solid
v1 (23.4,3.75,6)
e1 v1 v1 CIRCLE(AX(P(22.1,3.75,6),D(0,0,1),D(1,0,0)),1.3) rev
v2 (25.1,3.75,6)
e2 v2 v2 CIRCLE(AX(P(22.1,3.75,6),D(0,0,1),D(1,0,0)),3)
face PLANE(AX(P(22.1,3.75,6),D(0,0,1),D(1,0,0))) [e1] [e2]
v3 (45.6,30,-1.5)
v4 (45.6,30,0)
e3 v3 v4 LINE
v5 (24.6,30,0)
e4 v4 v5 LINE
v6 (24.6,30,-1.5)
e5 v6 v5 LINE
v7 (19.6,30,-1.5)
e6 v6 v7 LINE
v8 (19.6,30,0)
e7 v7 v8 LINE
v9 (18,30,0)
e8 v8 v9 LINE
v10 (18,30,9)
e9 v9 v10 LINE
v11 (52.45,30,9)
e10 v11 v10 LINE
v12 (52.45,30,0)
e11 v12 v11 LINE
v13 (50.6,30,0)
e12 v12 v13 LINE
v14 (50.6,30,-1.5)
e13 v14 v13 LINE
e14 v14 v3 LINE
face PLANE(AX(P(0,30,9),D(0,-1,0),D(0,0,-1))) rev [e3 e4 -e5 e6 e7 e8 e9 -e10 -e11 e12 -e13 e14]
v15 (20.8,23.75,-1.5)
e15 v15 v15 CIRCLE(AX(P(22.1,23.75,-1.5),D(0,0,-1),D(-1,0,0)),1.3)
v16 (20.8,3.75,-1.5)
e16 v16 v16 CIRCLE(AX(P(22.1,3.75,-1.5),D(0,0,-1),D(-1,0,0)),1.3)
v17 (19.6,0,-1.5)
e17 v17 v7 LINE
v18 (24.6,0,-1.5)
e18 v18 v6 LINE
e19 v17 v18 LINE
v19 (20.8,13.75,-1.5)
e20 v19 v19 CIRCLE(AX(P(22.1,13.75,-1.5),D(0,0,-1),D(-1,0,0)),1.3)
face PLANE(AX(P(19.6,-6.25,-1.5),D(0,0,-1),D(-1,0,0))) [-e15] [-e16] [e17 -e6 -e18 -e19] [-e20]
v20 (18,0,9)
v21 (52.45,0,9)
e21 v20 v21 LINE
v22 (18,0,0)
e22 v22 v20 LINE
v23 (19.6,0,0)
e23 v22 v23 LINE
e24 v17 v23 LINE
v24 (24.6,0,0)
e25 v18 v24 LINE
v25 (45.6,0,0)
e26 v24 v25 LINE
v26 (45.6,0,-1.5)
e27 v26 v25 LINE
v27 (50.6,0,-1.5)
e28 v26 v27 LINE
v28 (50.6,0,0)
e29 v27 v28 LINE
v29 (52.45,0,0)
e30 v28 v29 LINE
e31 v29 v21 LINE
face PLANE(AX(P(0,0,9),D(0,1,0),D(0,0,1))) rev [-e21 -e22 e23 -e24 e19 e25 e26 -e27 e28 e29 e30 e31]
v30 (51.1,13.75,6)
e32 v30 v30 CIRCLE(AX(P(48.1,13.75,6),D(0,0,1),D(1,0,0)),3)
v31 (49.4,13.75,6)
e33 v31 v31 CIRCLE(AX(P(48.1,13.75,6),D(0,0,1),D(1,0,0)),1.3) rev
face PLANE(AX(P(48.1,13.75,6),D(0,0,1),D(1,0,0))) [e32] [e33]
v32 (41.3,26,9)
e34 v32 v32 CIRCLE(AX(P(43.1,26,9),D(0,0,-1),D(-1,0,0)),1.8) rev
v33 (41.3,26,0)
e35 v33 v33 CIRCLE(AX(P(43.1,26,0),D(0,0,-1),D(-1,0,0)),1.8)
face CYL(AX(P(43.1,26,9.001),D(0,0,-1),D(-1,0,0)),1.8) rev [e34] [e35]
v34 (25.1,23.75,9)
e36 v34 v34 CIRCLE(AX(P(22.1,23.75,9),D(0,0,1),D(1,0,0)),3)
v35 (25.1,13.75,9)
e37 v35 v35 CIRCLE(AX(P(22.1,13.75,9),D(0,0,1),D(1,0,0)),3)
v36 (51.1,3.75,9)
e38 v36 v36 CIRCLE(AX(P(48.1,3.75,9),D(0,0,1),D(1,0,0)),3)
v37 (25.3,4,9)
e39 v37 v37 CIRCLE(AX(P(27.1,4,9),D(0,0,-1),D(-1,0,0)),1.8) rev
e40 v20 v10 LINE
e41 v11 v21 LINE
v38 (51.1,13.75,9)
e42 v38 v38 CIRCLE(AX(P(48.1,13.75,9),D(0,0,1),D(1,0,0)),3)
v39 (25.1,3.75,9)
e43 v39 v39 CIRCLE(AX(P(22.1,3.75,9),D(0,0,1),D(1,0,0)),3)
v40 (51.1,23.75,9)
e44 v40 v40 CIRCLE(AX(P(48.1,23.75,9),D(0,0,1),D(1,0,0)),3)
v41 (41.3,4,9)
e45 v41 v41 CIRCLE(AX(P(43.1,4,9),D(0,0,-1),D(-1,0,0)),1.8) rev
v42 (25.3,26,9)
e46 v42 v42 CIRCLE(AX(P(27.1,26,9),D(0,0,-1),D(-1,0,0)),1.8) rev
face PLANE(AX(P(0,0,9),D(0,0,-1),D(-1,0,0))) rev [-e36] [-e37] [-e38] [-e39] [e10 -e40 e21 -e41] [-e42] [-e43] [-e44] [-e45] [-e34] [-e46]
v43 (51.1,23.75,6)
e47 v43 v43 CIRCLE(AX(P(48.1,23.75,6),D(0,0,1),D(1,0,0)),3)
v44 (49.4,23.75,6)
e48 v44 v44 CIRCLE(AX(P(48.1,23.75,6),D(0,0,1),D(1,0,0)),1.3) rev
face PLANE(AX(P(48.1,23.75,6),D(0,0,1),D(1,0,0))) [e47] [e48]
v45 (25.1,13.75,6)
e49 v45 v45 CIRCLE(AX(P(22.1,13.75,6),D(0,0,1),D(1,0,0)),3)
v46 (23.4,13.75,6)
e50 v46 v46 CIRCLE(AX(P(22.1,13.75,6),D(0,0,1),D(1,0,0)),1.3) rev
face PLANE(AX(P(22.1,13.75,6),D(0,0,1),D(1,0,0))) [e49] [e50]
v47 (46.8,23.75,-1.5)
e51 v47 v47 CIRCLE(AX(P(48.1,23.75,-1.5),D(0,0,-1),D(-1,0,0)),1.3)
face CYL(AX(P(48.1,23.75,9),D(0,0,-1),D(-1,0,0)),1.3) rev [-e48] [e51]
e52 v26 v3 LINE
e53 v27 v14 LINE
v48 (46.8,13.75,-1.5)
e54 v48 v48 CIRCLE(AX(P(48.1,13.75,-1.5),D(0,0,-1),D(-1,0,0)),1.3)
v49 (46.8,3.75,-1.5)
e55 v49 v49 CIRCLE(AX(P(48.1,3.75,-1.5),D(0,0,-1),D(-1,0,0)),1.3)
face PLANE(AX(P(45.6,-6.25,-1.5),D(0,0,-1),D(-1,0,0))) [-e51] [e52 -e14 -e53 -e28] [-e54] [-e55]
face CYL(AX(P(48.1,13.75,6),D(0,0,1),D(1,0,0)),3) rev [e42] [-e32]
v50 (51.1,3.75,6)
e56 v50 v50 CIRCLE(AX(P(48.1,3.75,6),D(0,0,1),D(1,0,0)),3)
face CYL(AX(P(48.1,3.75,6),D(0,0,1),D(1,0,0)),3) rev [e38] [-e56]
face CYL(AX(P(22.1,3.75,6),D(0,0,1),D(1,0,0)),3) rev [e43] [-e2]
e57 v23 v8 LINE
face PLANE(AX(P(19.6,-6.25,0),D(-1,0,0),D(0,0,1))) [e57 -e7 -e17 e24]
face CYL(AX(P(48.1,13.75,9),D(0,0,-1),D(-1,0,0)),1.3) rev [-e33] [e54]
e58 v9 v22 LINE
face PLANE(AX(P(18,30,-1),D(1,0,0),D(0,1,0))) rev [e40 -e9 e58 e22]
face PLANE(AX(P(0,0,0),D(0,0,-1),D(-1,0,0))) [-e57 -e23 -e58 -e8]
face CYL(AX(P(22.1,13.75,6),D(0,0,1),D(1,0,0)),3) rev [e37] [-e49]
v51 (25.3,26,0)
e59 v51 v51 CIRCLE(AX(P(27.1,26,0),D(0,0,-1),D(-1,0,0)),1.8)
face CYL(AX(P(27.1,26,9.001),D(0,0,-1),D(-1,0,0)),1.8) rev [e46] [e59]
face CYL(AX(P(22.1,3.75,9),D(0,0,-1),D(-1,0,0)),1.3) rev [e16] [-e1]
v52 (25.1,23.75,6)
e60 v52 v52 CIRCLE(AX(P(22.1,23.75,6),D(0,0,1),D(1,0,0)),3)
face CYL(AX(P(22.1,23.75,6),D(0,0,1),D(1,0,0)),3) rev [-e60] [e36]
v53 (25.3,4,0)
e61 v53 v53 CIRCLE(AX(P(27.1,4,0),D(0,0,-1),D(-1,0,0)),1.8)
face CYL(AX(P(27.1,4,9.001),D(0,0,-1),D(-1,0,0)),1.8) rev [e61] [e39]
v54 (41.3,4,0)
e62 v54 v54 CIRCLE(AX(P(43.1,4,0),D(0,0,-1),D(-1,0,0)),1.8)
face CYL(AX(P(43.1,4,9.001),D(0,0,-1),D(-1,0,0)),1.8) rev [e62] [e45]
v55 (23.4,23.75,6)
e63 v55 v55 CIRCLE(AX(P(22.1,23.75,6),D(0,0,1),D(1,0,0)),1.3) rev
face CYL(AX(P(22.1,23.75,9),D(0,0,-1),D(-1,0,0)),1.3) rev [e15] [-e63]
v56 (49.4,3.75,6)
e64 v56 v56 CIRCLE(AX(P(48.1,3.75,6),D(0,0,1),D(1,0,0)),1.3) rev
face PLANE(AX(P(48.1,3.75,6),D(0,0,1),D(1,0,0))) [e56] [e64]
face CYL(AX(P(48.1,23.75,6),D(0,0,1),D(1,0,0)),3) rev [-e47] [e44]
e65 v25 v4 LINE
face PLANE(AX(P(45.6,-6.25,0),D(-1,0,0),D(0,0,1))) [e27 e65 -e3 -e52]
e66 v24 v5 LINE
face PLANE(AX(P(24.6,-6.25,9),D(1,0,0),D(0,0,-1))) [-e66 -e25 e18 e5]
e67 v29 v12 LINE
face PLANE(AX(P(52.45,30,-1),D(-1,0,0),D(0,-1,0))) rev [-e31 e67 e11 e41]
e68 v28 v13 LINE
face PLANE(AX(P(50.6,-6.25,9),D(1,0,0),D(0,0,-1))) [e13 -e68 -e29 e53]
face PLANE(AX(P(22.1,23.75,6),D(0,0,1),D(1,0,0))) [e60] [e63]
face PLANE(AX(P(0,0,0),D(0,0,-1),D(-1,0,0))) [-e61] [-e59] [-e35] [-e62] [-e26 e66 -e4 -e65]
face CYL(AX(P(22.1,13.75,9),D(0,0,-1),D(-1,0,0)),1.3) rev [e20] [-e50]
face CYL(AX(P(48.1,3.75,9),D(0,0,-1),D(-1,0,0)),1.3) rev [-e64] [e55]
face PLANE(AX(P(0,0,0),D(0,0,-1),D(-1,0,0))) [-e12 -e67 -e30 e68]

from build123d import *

# Parameters (mm, degrees)
SKETCH_1_W           = 70
SKETCH_1_H           = 30
EXTRUDE_1_DEPTH      = 9
SKETCH_2_W           = 112.1
SKETCH_2_H           = 30
EXTRUDE_2_DEPTH      = 8
SKETCH_3_W           = 42.6
SKETCH_3_H           = 30
EXTRUDE_3_DEPTH      = 8
SKETCH_5_W           = 18.5
SKETCH_5_H           = 30
SKETCH_5_R           = 2
EXTRUDE_4_DEPTH      = 5.5
SKETCH_11_R          = 2
CUT_EXTRUDE_4_DEPTH  = 8
SKETCH_12_R          = 1.8
CUT_EXTRUDE_6_DEPTH  = 8
SKETCH_13_R          = 2
CUT_EXTRUDE_7_DEPTH  = 8
SKETCH_14_R          = 2
CUT_EXTRUDE_8_DEPTH  = 10
SKETCH_19_W          = 5
SKETCH_19_H          = 9
EXTRUDE_6_DEPTH      = 36.25
SKETCH_20_W          = 5
SKETCH_20_H          = 6.25
EXTRUDE_7_DEPTH      = 9
SKETCH_21_R          = 1.3
CUT_EXTRUDE_10_DEPTH = 9
SKETCH_25_W          = 5
SKETCH_25_H          = 1.5
EXTRUDE_8_DEPTH      = 42.5
SKETCH_26_R          = 1.3
CUT_EXTRUDE_14_DEPTH = 1.5
SKETCH_27_W          = 5
SKETCH_27_H          = 6.25
CUT_EXTRUDE_15_DEPTH = 11
SKETCH_28_R          = 3
CUT_EXTRUDE_16_DEPTH = 3
SKETCH_29_W          = 8
SKETCH_29_H          = 103.1
SKETCH_29_W_2        = 10.5
SKETCH_29_H_2        = 5.5
CUT_EXTRUDE_17_DEPTH = 30
SKETCH_30_R          = 1.8
CUT_EXTRUDE_18_DEPTH = 10
SKETCH_31_R          = 3.6
CUT_EXTRUDE_19_DEPTH = 3
SKETCH_32_R          = 1.8
CUT_EXTRUDE_20_DEPTH = 10
SKETCH_33_R          = 3.6
CUT_EXTRUDE_21_DEPTH = 3
CUT_EXTRUDE_22_REACH = 86.054
SKETCH_35_R          = 1.8
SKETCH_36_W          = 7.55
SKETCH_36_H          = 30
CUT_EXTRUDE_23_DEPTH = 10
SKETCH_37_W          = 18
SKETCH_37_H          = 30
SKETCH_37_W_2        = 26
CUT_EXTRUDE_24_DEPTH = 10


with BuildPart() as part:
    # 草圖1 → 填料-伸長1 (new body)
    with BuildSketch(Plane.XY):
        with Locations((35, 15)):
            Rectangle(SKETCH_1_W, SKETCH_1_H)
    extrude(amount=EXTRUDE_1_DEPTH)

    # 草圖2 → 填料-伸長2 (add)
    with BuildSketch(Plane.ZY):
        with Locations((-47.05, 15)):
            Rectangle(SKETCH_2_W, SKETCH_2_H)
    extrude(amount=EXTRUDE_2_DEPTH)

    # 草圖3 → 填料-伸長3 (add)
    with BuildSketch(Plane(origin=(70, 0, 0), x_dir=(0, 0, -1), z_dir=(1, 0, 0))):
        with Locations((12.3, 15)):
            Rectangle(SKETCH_3_W, SKETCH_3_H)
    extrude(amount=EXTRUDE_3_DEPTH)

    # 草圖5 → 填料-伸長4 (add)
    with BuildSketch(Plane(origin=(0, 0, -33.6), x_dir=(-1, 0, 0), z_dir=(0, 0, -1))):
        with Locations((-68.75, 15)):
            Rectangle(SKETCH_5_W, SKETCH_5_H)
        with Locations(Location((-65.75, 26, 0), (0, 0, 90))):
            Circle(SKETCH_5_R, mode=Mode.SUBTRACT)
        with Locations(Location((-65.75, 18, 0), (0, 0, 90))):
            Circle(SKETCH_5_R, mode=Mode.SUBTRACT)
        with Locations(Location((-65.75, 10, 0), (0, 0, 90))):
            Circle(SKETCH_5_R, mode=Mode.SUBTRACT)
    extrude(amount=EXTRUDE_4_DEPTH)

    # 草圖11 → 除料-伸長4 (cut)
    with BuildSketch(Plane.ZY.offset(8)):
        with Locations((-23, 23)):
            Circle(SKETCH_11_R)
        with Locations((-23, 15)):
            Circle(SKETCH_11_R)
        with Locations((-23, 7)):
            Circle(SKETCH_11_R)
        with Locations((-15, 23)):
            Circle(SKETCH_11_R)
        with Locations((-15, 15)):
            Circle(SKETCH_11_R)
        with Locations((-15, 7)):
            Circle(SKETCH_11_R)
        with Locations((-7, 23)):
            Circle(SKETCH_11_R)
        with Locations((-7, 15)):
            Circle(SKETCH_11_R)
        with Locations((-7, 7)):
            Circle(SKETCH_11_R)
    extrude(amount=-CUT_EXTRUDE_4_DEPTH, mode=Mode.SUBTRACT)

    # 草圖12 → 除料-伸長6 (cut)
    with BuildSketch(Plane(origin=(0, 0, -103.1), x_dir=(-1, 0, 0), z_dir=(0, 0, -1))):
        with Locations((3, 23)):
            Circle(SKETCH_12_R)
        with Locations((3, 15)):
            Circle(SKETCH_12_R)
        with Locations((3, 7)):
            Circle(SKETCH_12_R)
    extrude(amount=-CUT_EXTRUDE_6_DEPTH, mode=Mode.SUBTRACT)

    # 草圖13 → 除料-伸長7 (cut)
    with BuildSketch(Plane(origin=(78, 0, 0), x_dir=(0, 0, -1), z_dir=(1, 0, 0))):
        with Locations((9.1, 23)):
            Circle(SKETCH_13_R)
        with Locations((9.1, 15)):
            Circle(SKETCH_13_R)
        with Locations((9.1, 7)):
            Circle(SKETCH_13_R)
        with Locations((17.1, 23)):
            Circle(SKETCH_13_R)
        with Locations((17.1, 15)):
            Circle(SKETCH_13_R)
        with Locations((17.1, 7)):
            Circle(SKETCH_13_R)
        with Locations((25.1, 23)):
            Circle(SKETCH_13_R)
        with Locations((25.1, 15)):
            Circle(SKETCH_13_R)
        with Locations((25.1, 7)):
            Circle(SKETCH_13_R)
    extrude(amount=-CUT_EXTRUDE_7_DEPTH, mode=Mode.SUBTRACT)

    # 草圖14 → 除料-伸長8 (cut)
    with BuildSketch(Plane.ZY.offset(8)):
        with Locations((-85.1, 23)):
            Circle(SKETCH_14_R)
        with Locations((-85.1, 15)):
            Circle(SKETCH_14_R)
        with Locations((-85.1, 7)):
            Circle(SKETCH_14_R)
        with Locations((-77.1, 23)):
            Circle(SKETCH_14_R)
        with Locations((-77.1, 15)):
            Circle(SKETCH_14_R)
        with Locations((-77.1, 7)):
            Circle(SKETCH_14_R)
        with Locations((-69.1, 23)):
            Circle(SKETCH_14_R)
        with Locations((-69.1, 15)):
            Circle(SKETCH_14_R)
        with Locations((-69.1, 7)):
            Circle(SKETCH_14_R)
        with Locations((-61.1, 23)):
            Circle(SKETCH_14_R)
        with Locations((-61.1, 15)):
            Circle(SKETCH_14_R)
        with Locations((-61.1, 7)):
            Circle(SKETCH_14_R)
    extrude(amount=-CUT_EXTRUDE_8_DEPTH, mode=Mode.SUBTRACT)

    # 草圖19 → 填料-伸長6 (add)
    with BuildSketch(Plane(origin=(0, 30, 0), x_dir=(1, 0, 0), z_dir=(0, 1, 0))):
        with Locations((22.1, -4.5)):
            Rectangle(SKETCH_19_W, SKETCH_19_H)
        with Locations((48.1, -4.5)):
            Rectangle(SKETCH_19_W, SKETCH_19_H)
    extrude(amount=-EXTRUDE_6_DEPTH)

    # 草圖20 → 填料-伸長7 (add)
    with BuildSketch(Plane(origin=(0, 0, 0), x_dir=(-1, 0, 0), z_dir=(0, 0, -1))):
        with Locations((-48.1, 33.125)):
            Rectangle(SKETCH_20_W, SKETCH_20_H)
        with Locations((-22.1, 33.125)):
            Rectangle(SKETCH_20_W, SKETCH_20_H)
    extrude(amount=-EXTRUDE_7_DEPTH)

    # 草圖21 → 除料-伸長10 (cut)
    with BuildSketch(Plane(origin=(0, 0, 0), x_dir=(-1, 0, 0), z_dir=(0, 0, -1))):
        with Locations((-48.1, 23.75)):
            Circle(SKETCH_21_R)
        with Locations((-48.1, 13.75)):
            Circle(SKETCH_21_R)
        with Locations((-48.1, 3.75)):
            Circle(SKETCH_21_R)
        with Locations((-22.1, 23.75)):
            Circle(SKETCH_21_R)
        with Locations((-22.1, 13.75)):
            Circle(SKETCH_21_R)
        with Locations((-22.1, 3.75)):
            Circle(SKETCH_21_R)
    extrude(amount=-CUT_EXTRUDE_10_DEPTH, mode=Mode.SUBTRACT)

    # 草圖25 → 填料-伸長8 (add)
    with BuildSketch(Plane(origin=(0, 36.25, 0), x_dir=(1, 0, 0), z_dir=(0, 1, 0))):
        with Locations((22.1, 0.75)):
            Rectangle(SKETCH_25_W, SKETCH_25_H)
        with Locations((48.1, 0.75)):
            Rectangle(SKETCH_25_W, SKETCH_25_H)
    extrude(amount=-EXTRUDE_8_DEPTH)

    # 草圖26 → 除料-伸長14 (cut)
    with BuildSketch(Plane(origin=(0, 0, -1.5), x_dir=(-1, 0, 0), z_dir=(0, 0, -1))):
        with Locations((-48.1, 23.75)):
            Circle(SKETCH_26_R)
        with Locations((-48.1, 13.75)):
            Circle(SKETCH_26_R)
        with Locations((-48.1, 3.75)):
            Circle(SKETCH_26_R)
        with Locations((-22.1, 23.75)):
            Circle(SKETCH_26_R)
        with Locations((-22.1, 13.75)):
            Circle(SKETCH_26_R)
        with Locations((-22.1, 3.75)):
            Circle(SKETCH_26_R)
    extrude(amount=-CUT_EXTRUDE_14_DEPTH, mode=Mode.SUBTRACT)

    # 草圖27 → 除料-伸長15 (cut)
    with BuildSketch(Plane.XY.offset(9)):
        with Locations((22.1, 33.125)):
            Rectangle(SKETCH_27_W, SKETCH_27_H)
        with Locations((48.1, 33.125)):
            Rectangle(SKETCH_27_W, SKETCH_27_H)
        with Locations((22.1, -3.125)):
            Rectangle(SKETCH_27_W, SKETCH_27_H)
        with Locations((48.1, -3.125)):
            Rectangle(SKETCH_27_W, SKETCH_27_H)
    extrude(amount=-CUT_EXTRUDE_15_DEPTH, mode=Mode.SUBTRACT)

    # 草圖28 → 除料-伸長16 (cut)
    with BuildSketch(Plane.XY.offset(9)):
        with Locations((22.1, 23.75)):
            Circle(SKETCH_28_R)
        with Locations((22.1, 13.75)):
            Circle(SKETCH_28_R)
        with Locations((22.1, 3.75)):
            Circle(SKETCH_28_R)
        with Locations((48.1, 13.75)):
            Circle(SKETCH_28_R)
        with Locations((48.1, 3.75)):
            Circle(SKETCH_28_R)
        with Locations((48.1, 23.75)):
            Circle(SKETCH_28_R)
    extrude(amount=-CUT_EXTRUDE_16_DEPTH, mode=Mode.SUBTRACT)

    # 草圖29 → 除料-伸長17 (cut)
    with BuildSketch(Plane(origin=(0, 30, 0), x_dir=(1, 0, 0), z_dir=(0, 1, 0))):
        with Locations((-4, 51.55)):
            Rectangle(SKETCH_29_W, SKETCH_29_H)
        with Locations((64.75, 36.35)):
            Rectangle(SKETCH_29_W_2, SKETCH_29_H_2)
        Polygon((70, 33.6), (70, 0), (78, 0), (78, 39.1), (70, 39.1), align=None)
    extrude(amount=-CUT_EXTRUDE_17_DEPTH, mode=Mode.SUBTRACT)

    # 草圖30 → 除料-伸長18 (cut)
    with BuildSketch(Plane.XY.offset(9)):
        with Locations((-4, 23)):
            Circle(SKETCH_30_R)
        with Locations((-4, 15)):
            Circle(SKETCH_30_R)
        with Locations((-4, 7)):
            Circle(SKETCH_30_R)
    extrude(amount=-CUT_EXTRUDE_18_DEPTH, mode=Mode.SUBTRACT)

    # 草圖31 → 除料-伸長19 (cut)
    with BuildSketch(Plane.XY.offset(9)):
        with Locations((-4, 15)):
            Circle(SKETCH_31_R)
        with Locations((-4, 7)):
            Circle(SKETCH_31_R)
        with Locations((-4, 23)):
            Circle(SKETCH_31_R)
    extrude(amount=-CUT_EXTRUDE_19_DEPTH, mode=Mode.SUBTRACT)

    # 草圖32 → 除料-伸長20 (cut)
    with BuildSketch(Plane.XY.offset(9)):
        with Locations((65.2, 23)):
            Circle(SKETCH_32_R)
        with Locations((65.2, 15)):
            Circle(SKETCH_32_R)
        with Locations((65.2, 7)):
            Circle(SKETCH_32_R)
    extrude(amount=-CUT_EXTRUDE_20_DEPTH, mode=Mode.SUBTRACT)

    # 草圖33 → 除料-伸長21 (cut)
    with BuildSketch(Plane.XY.offset(9)):
        with Locations((65.2, 23)):
            Circle(SKETCH_33_R)
        with Locations((65.2, 15)):
            Circle(SKETCH_33_R)
        with Locations((65.2, 7)):
            Circle(SKETCH_33_R)
    extrude(amount=-CUT_EXTRUDE_21_DEPTH, mode=Mode.SUBTRACT)

    # 草圖35 → 除料-伸長22 (cut, up to next)
    with BuildSketch(Plane(origin=(0, 0, 0), x_dir=(-1, 0, 0), z_dir=(0, 0, -1)), mode=Mode.PRIVATE) as cut_extrude_22_sk1:
        with Locations((-43.1, 4)):
            Circle(SKETCH_35_R)
    cut_extrude_22_tool1 = extrude(cut_extrude_22_sk1.sketch, amount=-CUT_EXTRUDE_22_REACH, mode=Mode.PRIVATE) & part.part
    # 草圖35 → 除料-伸長22 (cut, up to next)
    with BuildSketch(Plane(origin=(0, 0, 0), x_dir=(-1, 0, 0), z_dir=(0, 0, -1)), mode=Mode.PRIVATE) as cut_extrude_22_sk2:
        with Locations((-43.1, 26)):
            Circle(SKETCH_35_R)
    cut_extrude_22_tool2 = extrude(cut_extrude_22_sk2.sketch, amount=-CUT_EXTRUDE_22_REACH, mode=Mode.PRIVATE) & part.part
    # 草圖35 → 除料-伸長22 (cut, up to next)
    with BuildSketch(Plane(origin=(0, 0, 0), x_dir=(-1, 0, 0), z_dir=(0, 0, -1)), mode=Mode.PRIVATE) as cut_extrude_22_sk3:
        with Locations((-27.1, 26)):
            Circle(SKETCH_35_R)
    cut_extrude_22_tool3 = extrude(cut_extrude_22_sk3.sketch, amount=-CUT_EXTRUDE_22_REACH, mode=Mode.PRIVATE) & part.part
    # 草圖35 → 除料-伸長22 (cut, up to next)
    with BuildSketch(Plane(origin=(0, 0, 0), x_dir=(-1, 0, 0), z_dir=(0, 0, -1)), mode=Mode.PRIVATE) as cut_extrude_22_sk4:
        with Locations((-27.1, 4)):
            Circle(SKETCH_35_R)
    cut_extrude_22_tool4 = extrude(cut_extrude_22_sk4.sketch, amount=-CUT_EXTRUDE_22_REACH, mode=Mode.PRIVATE) & part.part
    add(cut_extrude_22_tool1.solids().sort_by_distance((43.1, 4, 0))[0], mode=Mode.SUBTRACT)
    add(cut_extrude_22_tool2.solids().sort_by_distance((43.1, 26, 0))[0], mode=Mode.SUBTRACT)
    add(cut_extrude_22_tool3.solids().sort_by_distance((27.1, 26, 0))[0], mode=Mode.SUBTRACT)
    add(cut_extrude_22_tool4.solids().sort_by_distance((27.1, 4, 0))[0], mode=Mode.SUBTRACT)

    # 草圖36 → 除料-伸長23 (cut)
    with BuildSketch(Plane.XY.offset(9)):
        with Locations((74.225, 15)):
            Rectangle(SKETCH_36_W, SKETCH_36_H)
    extrude(amount=-CUT_EXTRUDE_23_DEPTH, mode=Mode.SUBTRACT)

    # 草圖37 → 除料-伸長24 (cut)
    with BuildSketch(Plane.XY.offset(9)):
        with Locations((61.45, 15)):
            Rectangle(SKETCH_37_W, SKETCH_37_H)
        with Locations((5, 15)):
            Rectangle(SKETCH_37_W_2, SKETCH_37_H)
    extrude(amount=-CUT_EXTRUDE_24_DEPTH, mode=Mode.SUBTRACT)


solid = part.part
